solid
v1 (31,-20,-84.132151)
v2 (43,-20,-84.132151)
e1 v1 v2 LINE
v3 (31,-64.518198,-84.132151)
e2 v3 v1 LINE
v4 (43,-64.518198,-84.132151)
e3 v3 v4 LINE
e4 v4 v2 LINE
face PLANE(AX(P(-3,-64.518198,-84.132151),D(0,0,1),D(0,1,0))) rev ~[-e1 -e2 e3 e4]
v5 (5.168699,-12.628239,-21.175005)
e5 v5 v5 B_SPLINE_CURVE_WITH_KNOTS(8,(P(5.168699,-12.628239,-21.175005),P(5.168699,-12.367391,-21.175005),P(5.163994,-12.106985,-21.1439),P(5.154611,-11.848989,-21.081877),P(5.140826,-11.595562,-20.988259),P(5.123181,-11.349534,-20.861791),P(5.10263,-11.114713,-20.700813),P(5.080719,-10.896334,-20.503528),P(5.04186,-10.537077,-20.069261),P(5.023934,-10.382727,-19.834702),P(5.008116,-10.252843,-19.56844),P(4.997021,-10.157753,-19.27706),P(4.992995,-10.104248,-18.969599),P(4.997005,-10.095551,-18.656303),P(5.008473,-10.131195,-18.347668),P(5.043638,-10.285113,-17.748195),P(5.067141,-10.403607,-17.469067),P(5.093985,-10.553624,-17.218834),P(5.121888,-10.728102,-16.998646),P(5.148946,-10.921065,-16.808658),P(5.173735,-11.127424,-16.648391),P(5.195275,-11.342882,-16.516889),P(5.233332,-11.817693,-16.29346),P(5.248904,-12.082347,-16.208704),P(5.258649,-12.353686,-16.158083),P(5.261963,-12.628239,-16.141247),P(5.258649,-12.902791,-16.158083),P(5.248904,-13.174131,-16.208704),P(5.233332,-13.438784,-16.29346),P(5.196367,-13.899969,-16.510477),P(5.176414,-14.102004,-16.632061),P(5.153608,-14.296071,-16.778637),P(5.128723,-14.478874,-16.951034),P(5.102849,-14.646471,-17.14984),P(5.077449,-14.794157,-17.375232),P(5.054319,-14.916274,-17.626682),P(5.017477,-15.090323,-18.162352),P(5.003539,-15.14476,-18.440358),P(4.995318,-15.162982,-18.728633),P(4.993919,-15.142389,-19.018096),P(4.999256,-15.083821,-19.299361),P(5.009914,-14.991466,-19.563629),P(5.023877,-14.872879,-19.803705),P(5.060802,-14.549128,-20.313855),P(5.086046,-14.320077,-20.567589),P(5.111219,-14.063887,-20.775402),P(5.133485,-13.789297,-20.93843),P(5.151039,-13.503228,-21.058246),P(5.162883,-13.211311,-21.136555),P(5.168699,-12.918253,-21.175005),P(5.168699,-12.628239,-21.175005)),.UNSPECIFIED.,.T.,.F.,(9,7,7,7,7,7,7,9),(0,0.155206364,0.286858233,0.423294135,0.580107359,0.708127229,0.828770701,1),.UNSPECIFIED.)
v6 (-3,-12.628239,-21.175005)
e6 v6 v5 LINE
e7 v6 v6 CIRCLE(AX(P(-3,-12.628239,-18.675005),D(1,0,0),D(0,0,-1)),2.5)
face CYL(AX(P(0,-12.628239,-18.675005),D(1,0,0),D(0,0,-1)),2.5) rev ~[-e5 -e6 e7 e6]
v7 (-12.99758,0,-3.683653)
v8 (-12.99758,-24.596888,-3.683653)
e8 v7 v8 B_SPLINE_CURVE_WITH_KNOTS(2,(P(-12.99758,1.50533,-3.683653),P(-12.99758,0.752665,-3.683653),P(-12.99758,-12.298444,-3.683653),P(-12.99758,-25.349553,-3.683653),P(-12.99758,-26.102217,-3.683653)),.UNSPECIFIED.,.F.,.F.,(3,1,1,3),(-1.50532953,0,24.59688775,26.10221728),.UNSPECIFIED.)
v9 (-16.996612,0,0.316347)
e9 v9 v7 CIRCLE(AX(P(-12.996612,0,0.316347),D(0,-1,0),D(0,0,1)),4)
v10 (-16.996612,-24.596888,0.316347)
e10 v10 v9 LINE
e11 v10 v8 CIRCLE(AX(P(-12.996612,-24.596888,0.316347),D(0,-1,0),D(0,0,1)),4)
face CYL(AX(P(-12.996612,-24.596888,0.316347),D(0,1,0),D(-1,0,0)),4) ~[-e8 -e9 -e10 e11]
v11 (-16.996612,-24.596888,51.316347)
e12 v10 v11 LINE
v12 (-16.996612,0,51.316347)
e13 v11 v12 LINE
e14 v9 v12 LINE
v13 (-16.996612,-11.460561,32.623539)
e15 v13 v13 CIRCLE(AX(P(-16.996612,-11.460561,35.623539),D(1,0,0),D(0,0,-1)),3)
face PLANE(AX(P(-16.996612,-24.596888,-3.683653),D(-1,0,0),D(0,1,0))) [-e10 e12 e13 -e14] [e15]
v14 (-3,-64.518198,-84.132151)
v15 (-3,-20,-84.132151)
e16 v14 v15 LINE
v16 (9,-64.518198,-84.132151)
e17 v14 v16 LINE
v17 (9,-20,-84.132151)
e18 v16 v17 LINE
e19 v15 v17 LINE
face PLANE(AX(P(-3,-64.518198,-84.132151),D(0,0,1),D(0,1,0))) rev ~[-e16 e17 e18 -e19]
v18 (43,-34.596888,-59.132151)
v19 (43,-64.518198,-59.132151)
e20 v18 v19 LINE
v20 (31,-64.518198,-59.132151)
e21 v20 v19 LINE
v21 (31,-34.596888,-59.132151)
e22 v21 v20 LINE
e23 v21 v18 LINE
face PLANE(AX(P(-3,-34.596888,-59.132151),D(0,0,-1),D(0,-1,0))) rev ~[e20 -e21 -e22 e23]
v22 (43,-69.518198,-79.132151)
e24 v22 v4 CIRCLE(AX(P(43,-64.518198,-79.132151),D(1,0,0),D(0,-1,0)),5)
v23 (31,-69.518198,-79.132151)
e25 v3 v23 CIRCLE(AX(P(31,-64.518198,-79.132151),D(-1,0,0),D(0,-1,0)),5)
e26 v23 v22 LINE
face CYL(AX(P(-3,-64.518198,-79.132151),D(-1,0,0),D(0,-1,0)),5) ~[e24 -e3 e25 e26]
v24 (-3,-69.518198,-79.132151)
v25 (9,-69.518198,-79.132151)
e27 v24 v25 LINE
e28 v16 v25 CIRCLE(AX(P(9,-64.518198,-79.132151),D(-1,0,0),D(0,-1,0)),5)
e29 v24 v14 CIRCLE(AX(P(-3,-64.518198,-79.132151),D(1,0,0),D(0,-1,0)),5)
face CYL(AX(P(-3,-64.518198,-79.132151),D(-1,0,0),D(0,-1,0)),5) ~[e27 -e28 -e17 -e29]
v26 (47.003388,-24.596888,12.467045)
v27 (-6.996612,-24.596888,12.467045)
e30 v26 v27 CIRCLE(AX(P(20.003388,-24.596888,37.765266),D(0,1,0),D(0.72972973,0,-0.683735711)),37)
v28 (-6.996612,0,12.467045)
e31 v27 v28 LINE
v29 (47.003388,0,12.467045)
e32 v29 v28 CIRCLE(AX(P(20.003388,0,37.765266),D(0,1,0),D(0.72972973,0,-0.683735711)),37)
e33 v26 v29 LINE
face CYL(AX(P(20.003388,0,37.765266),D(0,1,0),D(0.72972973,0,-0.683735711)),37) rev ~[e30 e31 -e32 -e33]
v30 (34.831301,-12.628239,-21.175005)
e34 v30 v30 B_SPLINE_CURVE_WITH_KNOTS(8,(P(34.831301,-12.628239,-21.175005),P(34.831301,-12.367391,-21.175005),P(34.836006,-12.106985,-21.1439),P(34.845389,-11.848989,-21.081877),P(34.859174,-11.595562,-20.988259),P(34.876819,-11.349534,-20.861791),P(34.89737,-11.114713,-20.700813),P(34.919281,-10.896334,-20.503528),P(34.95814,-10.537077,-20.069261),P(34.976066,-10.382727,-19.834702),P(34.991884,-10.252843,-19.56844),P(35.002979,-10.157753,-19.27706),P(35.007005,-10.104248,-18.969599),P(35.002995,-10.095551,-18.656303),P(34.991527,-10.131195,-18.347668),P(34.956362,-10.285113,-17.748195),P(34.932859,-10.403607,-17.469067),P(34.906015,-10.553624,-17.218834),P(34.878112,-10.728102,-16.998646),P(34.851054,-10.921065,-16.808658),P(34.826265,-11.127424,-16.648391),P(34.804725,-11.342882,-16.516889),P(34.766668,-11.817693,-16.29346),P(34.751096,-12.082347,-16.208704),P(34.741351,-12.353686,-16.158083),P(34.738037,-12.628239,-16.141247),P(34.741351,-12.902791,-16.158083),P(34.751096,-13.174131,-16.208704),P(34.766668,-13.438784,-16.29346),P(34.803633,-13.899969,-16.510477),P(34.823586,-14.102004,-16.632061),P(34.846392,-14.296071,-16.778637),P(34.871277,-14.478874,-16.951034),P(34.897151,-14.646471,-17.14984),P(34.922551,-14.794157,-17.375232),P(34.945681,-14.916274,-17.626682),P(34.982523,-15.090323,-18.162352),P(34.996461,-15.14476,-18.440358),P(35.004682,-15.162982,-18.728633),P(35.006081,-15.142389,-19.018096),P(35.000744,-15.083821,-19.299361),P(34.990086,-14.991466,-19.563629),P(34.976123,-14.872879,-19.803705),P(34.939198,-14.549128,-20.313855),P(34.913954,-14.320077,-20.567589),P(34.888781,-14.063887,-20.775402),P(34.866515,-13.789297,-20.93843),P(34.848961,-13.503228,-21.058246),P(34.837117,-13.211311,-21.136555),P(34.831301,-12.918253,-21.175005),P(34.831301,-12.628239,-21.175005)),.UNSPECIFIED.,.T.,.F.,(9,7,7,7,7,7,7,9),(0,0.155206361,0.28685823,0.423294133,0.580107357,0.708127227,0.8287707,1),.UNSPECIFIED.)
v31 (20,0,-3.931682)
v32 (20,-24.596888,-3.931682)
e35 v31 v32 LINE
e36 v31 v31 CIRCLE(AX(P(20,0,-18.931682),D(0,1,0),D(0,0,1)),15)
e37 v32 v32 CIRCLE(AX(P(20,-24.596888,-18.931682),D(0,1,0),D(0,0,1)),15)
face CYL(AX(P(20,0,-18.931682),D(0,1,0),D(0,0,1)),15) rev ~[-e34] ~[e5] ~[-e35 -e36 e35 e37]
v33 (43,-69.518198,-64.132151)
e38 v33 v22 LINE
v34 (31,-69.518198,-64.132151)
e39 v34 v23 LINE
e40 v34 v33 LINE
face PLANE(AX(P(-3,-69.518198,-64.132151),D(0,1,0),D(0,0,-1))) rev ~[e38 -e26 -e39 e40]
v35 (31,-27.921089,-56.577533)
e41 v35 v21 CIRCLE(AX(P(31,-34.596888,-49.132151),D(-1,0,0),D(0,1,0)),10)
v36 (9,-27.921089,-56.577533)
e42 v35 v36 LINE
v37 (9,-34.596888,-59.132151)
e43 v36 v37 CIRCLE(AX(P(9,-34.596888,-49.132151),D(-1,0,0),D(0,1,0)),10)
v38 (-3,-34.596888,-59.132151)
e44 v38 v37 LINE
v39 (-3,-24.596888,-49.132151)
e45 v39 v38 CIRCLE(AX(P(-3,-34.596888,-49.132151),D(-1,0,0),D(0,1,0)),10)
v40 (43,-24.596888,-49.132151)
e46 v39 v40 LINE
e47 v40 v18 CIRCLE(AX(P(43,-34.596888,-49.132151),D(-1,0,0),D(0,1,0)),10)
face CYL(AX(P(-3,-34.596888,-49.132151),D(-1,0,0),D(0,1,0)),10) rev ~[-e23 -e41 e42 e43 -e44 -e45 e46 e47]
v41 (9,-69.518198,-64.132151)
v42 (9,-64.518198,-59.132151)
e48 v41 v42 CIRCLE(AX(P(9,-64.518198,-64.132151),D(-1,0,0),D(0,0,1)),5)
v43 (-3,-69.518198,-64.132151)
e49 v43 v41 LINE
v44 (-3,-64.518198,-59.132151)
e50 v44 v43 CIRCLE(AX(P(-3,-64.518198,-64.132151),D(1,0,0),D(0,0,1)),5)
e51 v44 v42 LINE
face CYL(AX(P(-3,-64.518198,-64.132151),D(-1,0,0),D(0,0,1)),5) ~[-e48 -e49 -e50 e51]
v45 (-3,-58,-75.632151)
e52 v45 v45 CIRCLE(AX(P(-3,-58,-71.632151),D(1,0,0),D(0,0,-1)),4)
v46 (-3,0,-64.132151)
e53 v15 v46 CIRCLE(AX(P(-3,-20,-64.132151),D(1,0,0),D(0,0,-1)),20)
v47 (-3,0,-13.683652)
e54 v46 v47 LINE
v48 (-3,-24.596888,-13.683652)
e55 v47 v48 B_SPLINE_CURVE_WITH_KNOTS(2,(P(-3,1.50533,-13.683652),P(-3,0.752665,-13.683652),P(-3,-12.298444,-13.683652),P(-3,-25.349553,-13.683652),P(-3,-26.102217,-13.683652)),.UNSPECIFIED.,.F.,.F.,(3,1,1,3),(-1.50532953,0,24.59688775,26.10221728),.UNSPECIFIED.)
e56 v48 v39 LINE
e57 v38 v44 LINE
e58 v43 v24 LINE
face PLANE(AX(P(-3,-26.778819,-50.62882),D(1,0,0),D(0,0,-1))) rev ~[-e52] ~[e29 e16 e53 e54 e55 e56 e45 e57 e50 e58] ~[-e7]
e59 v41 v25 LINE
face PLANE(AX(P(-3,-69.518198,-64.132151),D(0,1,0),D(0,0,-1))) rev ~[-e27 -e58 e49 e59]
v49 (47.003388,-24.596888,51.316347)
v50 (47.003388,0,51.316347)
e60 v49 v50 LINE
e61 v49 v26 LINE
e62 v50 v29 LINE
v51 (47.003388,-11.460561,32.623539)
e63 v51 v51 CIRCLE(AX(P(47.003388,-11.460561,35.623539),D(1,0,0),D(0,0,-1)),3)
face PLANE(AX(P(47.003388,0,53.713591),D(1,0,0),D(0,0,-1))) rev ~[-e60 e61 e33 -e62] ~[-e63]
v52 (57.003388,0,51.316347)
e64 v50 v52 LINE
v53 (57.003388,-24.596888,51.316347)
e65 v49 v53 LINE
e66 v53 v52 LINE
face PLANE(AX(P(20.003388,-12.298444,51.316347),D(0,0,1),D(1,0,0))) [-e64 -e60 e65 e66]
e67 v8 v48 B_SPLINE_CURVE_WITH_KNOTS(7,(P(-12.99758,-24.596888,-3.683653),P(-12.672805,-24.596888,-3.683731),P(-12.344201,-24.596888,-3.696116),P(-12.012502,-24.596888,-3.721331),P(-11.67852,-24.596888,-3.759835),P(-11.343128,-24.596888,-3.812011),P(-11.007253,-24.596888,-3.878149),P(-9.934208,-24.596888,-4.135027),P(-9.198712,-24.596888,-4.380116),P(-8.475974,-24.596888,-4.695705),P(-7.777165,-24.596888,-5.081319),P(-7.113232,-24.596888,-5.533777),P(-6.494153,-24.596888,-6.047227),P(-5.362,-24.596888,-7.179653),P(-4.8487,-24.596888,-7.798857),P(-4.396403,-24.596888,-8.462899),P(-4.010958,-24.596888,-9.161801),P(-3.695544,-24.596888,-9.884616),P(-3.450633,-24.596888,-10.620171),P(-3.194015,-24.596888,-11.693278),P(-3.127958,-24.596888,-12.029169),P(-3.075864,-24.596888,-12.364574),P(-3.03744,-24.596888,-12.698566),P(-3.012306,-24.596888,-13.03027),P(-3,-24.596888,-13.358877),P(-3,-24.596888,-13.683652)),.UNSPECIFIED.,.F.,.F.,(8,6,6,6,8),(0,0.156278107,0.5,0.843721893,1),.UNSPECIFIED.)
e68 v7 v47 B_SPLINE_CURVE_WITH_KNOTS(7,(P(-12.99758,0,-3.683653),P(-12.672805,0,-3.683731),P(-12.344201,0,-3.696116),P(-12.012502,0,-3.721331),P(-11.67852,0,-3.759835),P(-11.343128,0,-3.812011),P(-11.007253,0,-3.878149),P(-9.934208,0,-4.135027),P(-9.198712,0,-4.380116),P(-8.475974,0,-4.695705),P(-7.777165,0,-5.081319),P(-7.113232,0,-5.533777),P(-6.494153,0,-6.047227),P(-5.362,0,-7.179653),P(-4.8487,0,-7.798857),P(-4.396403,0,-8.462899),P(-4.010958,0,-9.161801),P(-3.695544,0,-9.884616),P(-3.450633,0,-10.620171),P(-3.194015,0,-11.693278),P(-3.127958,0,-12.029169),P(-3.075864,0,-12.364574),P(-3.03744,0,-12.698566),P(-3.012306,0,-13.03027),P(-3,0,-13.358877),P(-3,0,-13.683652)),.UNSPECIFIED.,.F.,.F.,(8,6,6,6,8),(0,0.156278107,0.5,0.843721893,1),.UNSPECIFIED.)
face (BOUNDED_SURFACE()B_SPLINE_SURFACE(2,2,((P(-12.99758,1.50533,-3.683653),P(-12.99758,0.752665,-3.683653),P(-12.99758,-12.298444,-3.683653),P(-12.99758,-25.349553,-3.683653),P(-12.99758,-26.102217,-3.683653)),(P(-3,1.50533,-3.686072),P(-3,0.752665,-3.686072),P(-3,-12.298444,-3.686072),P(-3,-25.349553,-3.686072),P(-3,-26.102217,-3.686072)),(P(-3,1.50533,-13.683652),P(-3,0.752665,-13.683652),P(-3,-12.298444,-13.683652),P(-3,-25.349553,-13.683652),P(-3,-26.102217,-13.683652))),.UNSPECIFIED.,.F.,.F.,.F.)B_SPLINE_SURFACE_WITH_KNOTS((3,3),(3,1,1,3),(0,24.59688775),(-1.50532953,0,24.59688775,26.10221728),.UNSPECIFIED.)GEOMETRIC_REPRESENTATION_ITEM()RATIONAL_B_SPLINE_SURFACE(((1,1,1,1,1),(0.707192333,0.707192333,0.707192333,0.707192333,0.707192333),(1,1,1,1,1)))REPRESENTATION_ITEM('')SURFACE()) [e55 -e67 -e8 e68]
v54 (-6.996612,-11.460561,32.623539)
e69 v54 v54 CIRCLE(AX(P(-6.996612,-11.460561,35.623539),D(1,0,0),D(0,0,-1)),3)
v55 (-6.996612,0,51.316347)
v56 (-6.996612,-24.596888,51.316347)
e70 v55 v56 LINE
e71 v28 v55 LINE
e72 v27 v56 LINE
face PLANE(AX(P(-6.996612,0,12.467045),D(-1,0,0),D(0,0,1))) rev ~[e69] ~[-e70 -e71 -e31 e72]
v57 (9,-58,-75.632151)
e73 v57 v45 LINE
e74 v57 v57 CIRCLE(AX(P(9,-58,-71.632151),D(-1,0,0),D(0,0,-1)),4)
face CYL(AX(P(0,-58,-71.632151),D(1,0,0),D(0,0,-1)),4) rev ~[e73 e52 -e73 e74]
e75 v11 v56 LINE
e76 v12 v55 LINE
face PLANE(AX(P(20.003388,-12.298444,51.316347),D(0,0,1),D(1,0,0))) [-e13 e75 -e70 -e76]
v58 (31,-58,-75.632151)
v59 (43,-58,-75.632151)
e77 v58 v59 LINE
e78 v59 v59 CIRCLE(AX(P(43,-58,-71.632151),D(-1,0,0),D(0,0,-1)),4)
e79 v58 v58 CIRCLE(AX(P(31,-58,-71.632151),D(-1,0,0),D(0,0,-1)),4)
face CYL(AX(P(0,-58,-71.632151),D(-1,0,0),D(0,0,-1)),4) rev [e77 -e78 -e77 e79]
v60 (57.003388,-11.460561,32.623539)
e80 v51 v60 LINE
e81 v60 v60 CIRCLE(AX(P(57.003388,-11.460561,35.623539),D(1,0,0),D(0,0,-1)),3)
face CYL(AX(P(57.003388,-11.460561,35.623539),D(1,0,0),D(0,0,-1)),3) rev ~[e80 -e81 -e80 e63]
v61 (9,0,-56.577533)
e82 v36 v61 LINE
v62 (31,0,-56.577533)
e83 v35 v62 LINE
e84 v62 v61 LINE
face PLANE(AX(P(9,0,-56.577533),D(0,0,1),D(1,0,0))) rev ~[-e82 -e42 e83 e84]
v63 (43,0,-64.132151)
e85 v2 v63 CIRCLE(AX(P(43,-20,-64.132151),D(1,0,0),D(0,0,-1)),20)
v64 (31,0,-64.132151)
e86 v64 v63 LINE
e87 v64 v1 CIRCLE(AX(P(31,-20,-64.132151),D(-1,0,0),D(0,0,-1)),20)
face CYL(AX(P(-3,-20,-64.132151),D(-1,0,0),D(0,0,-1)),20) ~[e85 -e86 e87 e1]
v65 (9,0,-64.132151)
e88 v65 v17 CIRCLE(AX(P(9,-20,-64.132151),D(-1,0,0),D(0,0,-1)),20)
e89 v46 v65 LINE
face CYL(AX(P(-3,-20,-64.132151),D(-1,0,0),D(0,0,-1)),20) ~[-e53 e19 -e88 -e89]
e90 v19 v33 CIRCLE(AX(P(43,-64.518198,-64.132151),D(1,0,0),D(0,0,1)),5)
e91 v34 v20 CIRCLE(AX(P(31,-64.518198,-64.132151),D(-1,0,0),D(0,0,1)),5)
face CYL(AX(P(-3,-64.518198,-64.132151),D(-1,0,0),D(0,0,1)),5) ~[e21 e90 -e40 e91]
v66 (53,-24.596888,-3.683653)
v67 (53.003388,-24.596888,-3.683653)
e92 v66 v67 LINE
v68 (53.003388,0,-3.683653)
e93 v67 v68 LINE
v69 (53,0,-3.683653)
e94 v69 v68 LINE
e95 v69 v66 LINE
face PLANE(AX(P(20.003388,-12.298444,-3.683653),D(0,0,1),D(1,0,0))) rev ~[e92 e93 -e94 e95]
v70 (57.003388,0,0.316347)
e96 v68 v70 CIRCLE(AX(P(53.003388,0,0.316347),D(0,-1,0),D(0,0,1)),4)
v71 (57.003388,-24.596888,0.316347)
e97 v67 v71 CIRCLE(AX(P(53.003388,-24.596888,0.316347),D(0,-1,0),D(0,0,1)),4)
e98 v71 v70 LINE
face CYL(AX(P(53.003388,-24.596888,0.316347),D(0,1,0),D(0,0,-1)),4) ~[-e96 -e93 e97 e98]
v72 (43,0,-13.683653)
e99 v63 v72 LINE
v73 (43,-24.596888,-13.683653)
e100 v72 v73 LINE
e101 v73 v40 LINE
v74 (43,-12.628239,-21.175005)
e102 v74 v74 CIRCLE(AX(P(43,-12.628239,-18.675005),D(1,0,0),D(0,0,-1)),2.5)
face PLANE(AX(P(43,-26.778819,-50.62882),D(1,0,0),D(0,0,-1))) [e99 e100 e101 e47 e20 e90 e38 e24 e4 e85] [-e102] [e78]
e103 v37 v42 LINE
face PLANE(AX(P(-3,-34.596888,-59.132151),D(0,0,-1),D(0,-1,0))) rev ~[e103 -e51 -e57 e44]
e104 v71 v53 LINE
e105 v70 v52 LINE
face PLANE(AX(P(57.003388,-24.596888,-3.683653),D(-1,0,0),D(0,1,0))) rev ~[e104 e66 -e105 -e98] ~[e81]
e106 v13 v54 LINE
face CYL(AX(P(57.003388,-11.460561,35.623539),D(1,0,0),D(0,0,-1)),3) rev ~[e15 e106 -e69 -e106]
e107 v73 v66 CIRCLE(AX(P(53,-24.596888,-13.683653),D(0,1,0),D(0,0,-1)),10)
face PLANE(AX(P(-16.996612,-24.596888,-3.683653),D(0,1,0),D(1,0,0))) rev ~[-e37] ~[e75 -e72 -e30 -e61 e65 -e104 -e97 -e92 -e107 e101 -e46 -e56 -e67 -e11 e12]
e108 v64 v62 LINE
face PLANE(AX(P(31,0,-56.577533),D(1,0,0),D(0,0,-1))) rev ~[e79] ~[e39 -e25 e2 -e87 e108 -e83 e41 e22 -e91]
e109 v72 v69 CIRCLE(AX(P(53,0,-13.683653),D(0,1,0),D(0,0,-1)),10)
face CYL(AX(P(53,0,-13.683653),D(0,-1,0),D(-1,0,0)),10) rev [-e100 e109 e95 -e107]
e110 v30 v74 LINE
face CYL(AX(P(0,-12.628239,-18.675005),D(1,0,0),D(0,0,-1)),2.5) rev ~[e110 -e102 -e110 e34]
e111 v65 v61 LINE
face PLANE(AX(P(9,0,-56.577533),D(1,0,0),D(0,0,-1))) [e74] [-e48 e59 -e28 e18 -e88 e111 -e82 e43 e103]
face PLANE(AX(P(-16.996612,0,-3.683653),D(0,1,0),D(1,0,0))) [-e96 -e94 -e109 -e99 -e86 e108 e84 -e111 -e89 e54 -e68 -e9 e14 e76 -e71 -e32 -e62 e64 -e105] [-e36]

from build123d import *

# Parameters (mm, degrees)
EXTRUDE_START         = -3
EXTRUDE_1_DEPTH       = 46
SKETCH_2_R            = 15
SKETCH_2_W            = 22
SKETCH_2_H            = 41.003909118
CUT_EXTRUDE_2_DEPTH   = 85
SKETCH_3_R            = 4
SKETCH_3_R_2          = 2.5
CUT_EXTRUDE_1_DEPTH   = 55
SKETCH_4_W            = 74
SKETCH_4_H            = 24.59688775
EXTRUDE_3_DEPTH       = 55
CUT_EXTRUDE_2_2_DEPTH = 50
FILLET_2_R            = 4
SKETCH_7_R            = 3
CUT_EXTRUDE_3_DEPTH   = 90
FILLET_3_R            = 10


with BuildPart() as part:
    # Эскиз1 → Вытянуть1 (new body)
    with BuildSketch(Plane(origin=(0, 0, 0), x_dir=(0, 0, -1), z_dir=(1, 0, 0)).offset(EXTRUDE_START)):
        with BuildLine():
            Line((3.683652722, 0), (3.683652722, -24.59688775))
            Line((3.683652722, -24.59688775), (49.132150834, -24.59688775))
            ThreePointArc((49.132150834, -24.59688775), (56.203218646, -27.525819938), (59.132150834, -34.59688775))
            Line((59.132150834, -34.59688775), (59.132150834, -64.518198086))
            ThreePointArc((59.132150834, -64.518198086), (60.596616928, -68.053731992), (64.132150834, -69.518198086))
            Line((64.132150834, -69.518198086), (79.132150834, -69.518198086))
            ThreePointArc((79.132150834, -69.518198086), (82.66768474, -68.053731992), (84.132150834, -64.518198086))
            Line((84.132150834, -64.518198086), (84.132150834, -20))
            ThreePointArc((84.132150834, -20), (78.274286458, -5.857864376), (64.132150834, 0))
            Line((64.132150834, 0), (3.683652722, 0))
        make_face()
    extrude(amount=EXTRUDE_1_DEPTH)

    # Эскиз2 → Cut-Extrude 2 (cut, symmetric)
    with BuildSketch(Plane(origin=(0, 0, 0), x_dir=(1, 0, 0), z_dir=(0, 1, 0))):
        with Locations(Location((20, 18.931682227, 0), (0, 0, 270))):
            Circle(SKETCH_2_R)
        with Locations((20, 77.079487522)):
            Rectangle(SKETCH_2_W, SKETCH_2_H)
    extrude(amount=CUT_EXTRUDE_2_DEPTH, both=True, mode=Mode.SUBTRACT)

    # Эскиз3 → Вырез-Вытянуть1 (cut, symmetric)
    with BuildSketch(Plane(origin=(0, 0, 0), x_dir=(0, 0, -1), z_dir=(1, 0, 0))):
        with Locations((71.632150834, -58)):
            Circle(SKETCH_3_R)
        with Locations((18.675004926, -12.628238718)):
            Circle(SKETCH_3_R_2)
    extrude(amount=CUT_EXTRUDE_1_DEPTH, both=True, mode=Mode.SUBTRACT)

    # Эскиз4 → Вытянуть3 (add)
    with BuildSketch(Plane.XY.offset(-3.683652722)):
        with Locations((20.00338787, -12.298443875)):
            Rectangle(SKETCH_4_W, SKETCH_4_H)
    extrude(amount=EXTRUDE_3_DEPTH)

    # Эскиз6 → Cut-Extrude 2 2 (cut, symmetric)
    with BuildSketch(Plane(origin=(0, 0, 0), x_dir=(1, 0, 0), z_dir=(0, 1, 0))):
        with BuildLine():
            Line((47.00338787, -53.713591308), (47.00338787, -12.467045061))
            ThreePointArc((47.00338787, -12.467045061), (20.003387867, -0.765266351), (-6.99661213, -12.467045078))
            Line((-6.99661213, -12.467045078), (-6.99661213, -53.713591308))
            Line((-6.99661213, -53.713591308), (47.00338787, -53.713591308))
        make_face()
    extrude(amount=CUT_EXTRUDE_2_2_DEPTH, both=True, mode=Mode.SUBTRACT)

    # Скругление2
    fillet_2_edges = [part.edges().sort_by_distance(p)[0] for p in [
        (57.00338787, -12.298443875, -3.683652722),
        (-16.99661213, -12.298443875, -3.683652722),
    ]]
    fillet(fillet_2_edges, radius=FILLET_2_R)

    # Эскиз7 → Вырез-Вытянуть3 (cut, symmetric)
    with BuildSketch(Plane(origin=(57.00338787, 0, 0), x_dir=(0, 0, -1), z_dir=(1, 0, 0))):
        with Locations((-35.623538585, -11.460561108)):
            Circle(SKETCH_7_R)
    extrude(amount=CUT_EXTRUDE_3_DEPTH, both=True, mode=Mode.SUBTRACT)

    # Скругление3
    fillet_3_edges = [part.edges().sort_by_distance(p)[0] for p in [
        (-3, -12.298443875, -3.683652722),
        (43, -12.298443875, -3.683652722),
    ]]
    fillet(fillet_3_edges, radius=FILLET_3_R)


solid = part.part
